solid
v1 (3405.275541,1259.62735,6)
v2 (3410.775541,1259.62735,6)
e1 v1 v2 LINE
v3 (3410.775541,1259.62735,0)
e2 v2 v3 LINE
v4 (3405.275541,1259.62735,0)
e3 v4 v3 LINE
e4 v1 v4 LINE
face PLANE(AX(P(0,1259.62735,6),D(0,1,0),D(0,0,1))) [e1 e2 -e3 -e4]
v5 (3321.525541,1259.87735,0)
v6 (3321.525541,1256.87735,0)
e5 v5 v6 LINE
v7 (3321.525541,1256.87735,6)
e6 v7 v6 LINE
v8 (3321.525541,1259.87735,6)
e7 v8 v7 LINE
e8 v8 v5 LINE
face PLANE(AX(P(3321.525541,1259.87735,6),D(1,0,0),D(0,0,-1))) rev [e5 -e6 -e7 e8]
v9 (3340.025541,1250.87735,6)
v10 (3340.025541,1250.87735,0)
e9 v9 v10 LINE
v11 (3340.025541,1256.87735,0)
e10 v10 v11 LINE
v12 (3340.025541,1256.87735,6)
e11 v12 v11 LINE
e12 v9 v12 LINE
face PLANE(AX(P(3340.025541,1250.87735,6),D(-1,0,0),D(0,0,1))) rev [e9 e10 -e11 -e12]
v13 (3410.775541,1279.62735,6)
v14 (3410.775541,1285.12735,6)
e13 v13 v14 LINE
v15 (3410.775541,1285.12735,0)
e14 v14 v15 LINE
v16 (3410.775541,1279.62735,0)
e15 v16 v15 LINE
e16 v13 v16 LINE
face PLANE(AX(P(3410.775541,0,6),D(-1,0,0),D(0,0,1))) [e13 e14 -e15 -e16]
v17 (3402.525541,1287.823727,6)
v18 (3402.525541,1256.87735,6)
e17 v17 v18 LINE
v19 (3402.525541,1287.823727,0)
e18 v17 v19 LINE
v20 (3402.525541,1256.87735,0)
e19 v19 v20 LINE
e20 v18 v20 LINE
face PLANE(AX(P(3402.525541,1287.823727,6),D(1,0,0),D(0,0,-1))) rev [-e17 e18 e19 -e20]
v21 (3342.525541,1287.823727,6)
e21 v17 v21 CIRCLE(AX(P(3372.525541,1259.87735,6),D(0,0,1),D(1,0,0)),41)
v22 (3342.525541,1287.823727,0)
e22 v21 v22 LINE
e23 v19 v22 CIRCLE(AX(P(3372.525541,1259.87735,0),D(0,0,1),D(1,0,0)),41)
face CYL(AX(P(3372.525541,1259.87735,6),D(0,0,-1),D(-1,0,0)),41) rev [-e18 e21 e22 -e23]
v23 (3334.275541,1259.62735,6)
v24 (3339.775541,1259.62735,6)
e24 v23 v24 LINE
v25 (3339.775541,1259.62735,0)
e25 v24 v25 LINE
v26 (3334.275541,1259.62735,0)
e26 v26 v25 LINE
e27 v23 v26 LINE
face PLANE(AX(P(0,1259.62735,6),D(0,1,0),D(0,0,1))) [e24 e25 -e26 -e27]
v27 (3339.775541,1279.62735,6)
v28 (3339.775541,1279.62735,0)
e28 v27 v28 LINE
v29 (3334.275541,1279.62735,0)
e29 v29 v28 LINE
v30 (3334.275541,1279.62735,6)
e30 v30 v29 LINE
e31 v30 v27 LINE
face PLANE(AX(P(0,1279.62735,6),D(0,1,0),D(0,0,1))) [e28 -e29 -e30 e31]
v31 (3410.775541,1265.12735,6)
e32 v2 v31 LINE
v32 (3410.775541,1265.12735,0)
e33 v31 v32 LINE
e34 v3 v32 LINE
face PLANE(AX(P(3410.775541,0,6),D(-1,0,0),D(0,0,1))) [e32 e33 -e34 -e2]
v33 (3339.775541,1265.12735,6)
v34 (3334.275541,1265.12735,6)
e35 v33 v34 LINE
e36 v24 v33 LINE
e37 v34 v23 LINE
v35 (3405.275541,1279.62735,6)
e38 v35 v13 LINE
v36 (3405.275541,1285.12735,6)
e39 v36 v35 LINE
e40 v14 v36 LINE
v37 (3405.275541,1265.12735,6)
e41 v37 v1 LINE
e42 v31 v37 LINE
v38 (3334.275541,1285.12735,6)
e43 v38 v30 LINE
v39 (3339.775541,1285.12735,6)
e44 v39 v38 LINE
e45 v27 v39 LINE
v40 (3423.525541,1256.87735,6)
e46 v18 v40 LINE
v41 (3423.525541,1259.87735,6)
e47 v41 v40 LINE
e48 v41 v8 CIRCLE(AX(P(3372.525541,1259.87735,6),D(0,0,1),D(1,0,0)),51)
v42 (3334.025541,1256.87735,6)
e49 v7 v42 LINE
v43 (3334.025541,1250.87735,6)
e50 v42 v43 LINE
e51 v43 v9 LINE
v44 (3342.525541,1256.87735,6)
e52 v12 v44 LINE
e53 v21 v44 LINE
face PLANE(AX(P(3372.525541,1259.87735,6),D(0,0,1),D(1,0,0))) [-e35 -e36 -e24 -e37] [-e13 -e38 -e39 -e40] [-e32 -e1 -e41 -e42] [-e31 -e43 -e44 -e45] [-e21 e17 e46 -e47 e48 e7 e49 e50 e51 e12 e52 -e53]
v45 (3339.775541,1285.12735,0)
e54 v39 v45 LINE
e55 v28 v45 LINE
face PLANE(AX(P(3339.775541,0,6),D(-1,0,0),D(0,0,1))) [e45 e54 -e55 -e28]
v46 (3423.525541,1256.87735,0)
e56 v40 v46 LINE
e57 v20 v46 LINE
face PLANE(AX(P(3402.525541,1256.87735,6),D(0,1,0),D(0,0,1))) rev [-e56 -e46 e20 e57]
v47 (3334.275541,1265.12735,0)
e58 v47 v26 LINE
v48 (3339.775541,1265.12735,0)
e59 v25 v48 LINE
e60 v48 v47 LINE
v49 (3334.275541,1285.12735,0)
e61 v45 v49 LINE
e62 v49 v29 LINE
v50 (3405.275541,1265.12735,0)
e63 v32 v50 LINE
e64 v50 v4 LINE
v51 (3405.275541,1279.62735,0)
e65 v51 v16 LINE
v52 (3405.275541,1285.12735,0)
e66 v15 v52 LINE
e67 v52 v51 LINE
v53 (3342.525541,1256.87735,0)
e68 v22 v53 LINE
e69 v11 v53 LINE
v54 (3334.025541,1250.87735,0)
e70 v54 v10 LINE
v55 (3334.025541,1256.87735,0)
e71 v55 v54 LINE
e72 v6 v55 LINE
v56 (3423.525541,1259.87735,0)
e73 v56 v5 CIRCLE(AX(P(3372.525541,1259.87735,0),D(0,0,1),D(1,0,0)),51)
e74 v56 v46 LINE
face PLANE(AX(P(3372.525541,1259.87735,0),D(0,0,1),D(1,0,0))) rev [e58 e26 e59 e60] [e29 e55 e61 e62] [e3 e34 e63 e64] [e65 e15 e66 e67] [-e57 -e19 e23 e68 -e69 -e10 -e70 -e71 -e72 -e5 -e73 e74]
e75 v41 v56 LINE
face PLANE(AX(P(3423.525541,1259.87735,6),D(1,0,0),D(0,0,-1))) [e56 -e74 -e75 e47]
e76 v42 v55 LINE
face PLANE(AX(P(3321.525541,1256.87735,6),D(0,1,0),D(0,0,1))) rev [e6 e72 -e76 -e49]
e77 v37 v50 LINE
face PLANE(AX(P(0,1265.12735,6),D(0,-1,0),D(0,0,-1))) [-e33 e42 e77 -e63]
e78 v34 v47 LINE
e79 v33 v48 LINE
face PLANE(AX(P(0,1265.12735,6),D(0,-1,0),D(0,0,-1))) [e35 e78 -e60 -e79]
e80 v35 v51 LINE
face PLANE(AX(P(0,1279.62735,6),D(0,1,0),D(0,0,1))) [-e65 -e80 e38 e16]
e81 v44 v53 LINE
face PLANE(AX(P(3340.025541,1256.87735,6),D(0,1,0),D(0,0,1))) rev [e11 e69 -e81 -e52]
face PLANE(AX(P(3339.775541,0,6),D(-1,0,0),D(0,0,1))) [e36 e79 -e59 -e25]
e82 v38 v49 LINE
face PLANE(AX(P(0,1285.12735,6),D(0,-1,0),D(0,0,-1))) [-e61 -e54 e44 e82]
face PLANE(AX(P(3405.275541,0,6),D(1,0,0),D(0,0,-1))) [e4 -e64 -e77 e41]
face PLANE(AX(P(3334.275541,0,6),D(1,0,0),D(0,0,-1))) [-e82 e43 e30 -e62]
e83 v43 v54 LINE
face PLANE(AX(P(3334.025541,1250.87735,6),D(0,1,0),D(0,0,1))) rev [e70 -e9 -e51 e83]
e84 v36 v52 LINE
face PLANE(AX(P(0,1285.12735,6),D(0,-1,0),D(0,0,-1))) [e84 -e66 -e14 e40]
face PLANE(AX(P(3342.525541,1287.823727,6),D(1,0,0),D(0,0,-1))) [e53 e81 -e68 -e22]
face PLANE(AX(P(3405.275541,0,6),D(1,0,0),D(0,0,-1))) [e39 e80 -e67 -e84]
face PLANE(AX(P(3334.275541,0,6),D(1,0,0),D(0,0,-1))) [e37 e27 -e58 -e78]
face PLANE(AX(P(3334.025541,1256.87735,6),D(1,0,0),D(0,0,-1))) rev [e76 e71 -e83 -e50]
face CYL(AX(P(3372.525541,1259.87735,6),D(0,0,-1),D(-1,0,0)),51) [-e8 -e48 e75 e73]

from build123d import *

# Parameters (mm, degrees)
MODEL_W             = 5.5
MODEL_H             = 5.5
BOSS_EXTRUDE1_DEPTH = 6


with BuildPart() as part:
    # Model → Boss-Extrude1 (new body)
    with BuildSketch(Plane.XY):
        with BuildLine():
            Line((3321.525540583, 1259.877349699), (3321.525540583, 1256.877349699))
            Line((3321.525540583, 1256.877349699), (3334.025540583, 1256.877349699))
            Line((3334.025540583, 1256.877349699), (3334.025540583, 1250.877349699))
            Line((3334.025540583, 1250.877349699), (3340.025540583, 1250.877349699))
            Line((3340.025540583, 1250.877349699), (3340.025540583, 1256.877349699))
            Line((3340.025540583, 1256.877349699), (3342.525540583, 1256.877349699))
            Line((3342.525540583, 1256.877349699), (3342.525540583, 1287.823726924))
            ThreePointArc((3342.525540583, 1287.823726924), (3372.525540583, 1300.877349699), (3402.525540583, 1287.823726924))
            Line((3402.525540583, 1287.823726924), (3402.525540583, 1256.877349699))
            Line((3402.525540583, 1256.877349699), (3413.525540583, 1256.877349699))
            Line((3413.525540583, 1256.877349699), (3423.525540583, 1256.877349699))
            Line((3423.525540583, 1256.877349699), (3423.525540583, 1259.877349699))
            ThreePointArc((3423.525540583, 1259.877349699), (3372.525540583, 1310.877349699), (3321.525540583, 1259.877349699))
        make_face()
        with Locations((3408.025540583, 1262.377349699)):
            Rectangle(MODEL_W, MODEL_H, mode=Mode.SUBTRACT)
        with Locations((3408.025540583, 1282.377349699)):
            Rectangle(MODEL_W, MODEL_H, mode=Mode.SUBTRACT)
        with Locations((3337.025540583, 1262.377349699)):
            Rectangle(MODEL_W, MODEL_H, mode=Mode.SUBTRACT)
        with Locations((3337.025540583, 1282.377349699)):
            Rectangle(MODEL_W, MODEL_H, mode=Mode.SUBTRACT)
    extrude(amount=BOSS_EXTRUDE1_DEPTH)


solid = part.part
